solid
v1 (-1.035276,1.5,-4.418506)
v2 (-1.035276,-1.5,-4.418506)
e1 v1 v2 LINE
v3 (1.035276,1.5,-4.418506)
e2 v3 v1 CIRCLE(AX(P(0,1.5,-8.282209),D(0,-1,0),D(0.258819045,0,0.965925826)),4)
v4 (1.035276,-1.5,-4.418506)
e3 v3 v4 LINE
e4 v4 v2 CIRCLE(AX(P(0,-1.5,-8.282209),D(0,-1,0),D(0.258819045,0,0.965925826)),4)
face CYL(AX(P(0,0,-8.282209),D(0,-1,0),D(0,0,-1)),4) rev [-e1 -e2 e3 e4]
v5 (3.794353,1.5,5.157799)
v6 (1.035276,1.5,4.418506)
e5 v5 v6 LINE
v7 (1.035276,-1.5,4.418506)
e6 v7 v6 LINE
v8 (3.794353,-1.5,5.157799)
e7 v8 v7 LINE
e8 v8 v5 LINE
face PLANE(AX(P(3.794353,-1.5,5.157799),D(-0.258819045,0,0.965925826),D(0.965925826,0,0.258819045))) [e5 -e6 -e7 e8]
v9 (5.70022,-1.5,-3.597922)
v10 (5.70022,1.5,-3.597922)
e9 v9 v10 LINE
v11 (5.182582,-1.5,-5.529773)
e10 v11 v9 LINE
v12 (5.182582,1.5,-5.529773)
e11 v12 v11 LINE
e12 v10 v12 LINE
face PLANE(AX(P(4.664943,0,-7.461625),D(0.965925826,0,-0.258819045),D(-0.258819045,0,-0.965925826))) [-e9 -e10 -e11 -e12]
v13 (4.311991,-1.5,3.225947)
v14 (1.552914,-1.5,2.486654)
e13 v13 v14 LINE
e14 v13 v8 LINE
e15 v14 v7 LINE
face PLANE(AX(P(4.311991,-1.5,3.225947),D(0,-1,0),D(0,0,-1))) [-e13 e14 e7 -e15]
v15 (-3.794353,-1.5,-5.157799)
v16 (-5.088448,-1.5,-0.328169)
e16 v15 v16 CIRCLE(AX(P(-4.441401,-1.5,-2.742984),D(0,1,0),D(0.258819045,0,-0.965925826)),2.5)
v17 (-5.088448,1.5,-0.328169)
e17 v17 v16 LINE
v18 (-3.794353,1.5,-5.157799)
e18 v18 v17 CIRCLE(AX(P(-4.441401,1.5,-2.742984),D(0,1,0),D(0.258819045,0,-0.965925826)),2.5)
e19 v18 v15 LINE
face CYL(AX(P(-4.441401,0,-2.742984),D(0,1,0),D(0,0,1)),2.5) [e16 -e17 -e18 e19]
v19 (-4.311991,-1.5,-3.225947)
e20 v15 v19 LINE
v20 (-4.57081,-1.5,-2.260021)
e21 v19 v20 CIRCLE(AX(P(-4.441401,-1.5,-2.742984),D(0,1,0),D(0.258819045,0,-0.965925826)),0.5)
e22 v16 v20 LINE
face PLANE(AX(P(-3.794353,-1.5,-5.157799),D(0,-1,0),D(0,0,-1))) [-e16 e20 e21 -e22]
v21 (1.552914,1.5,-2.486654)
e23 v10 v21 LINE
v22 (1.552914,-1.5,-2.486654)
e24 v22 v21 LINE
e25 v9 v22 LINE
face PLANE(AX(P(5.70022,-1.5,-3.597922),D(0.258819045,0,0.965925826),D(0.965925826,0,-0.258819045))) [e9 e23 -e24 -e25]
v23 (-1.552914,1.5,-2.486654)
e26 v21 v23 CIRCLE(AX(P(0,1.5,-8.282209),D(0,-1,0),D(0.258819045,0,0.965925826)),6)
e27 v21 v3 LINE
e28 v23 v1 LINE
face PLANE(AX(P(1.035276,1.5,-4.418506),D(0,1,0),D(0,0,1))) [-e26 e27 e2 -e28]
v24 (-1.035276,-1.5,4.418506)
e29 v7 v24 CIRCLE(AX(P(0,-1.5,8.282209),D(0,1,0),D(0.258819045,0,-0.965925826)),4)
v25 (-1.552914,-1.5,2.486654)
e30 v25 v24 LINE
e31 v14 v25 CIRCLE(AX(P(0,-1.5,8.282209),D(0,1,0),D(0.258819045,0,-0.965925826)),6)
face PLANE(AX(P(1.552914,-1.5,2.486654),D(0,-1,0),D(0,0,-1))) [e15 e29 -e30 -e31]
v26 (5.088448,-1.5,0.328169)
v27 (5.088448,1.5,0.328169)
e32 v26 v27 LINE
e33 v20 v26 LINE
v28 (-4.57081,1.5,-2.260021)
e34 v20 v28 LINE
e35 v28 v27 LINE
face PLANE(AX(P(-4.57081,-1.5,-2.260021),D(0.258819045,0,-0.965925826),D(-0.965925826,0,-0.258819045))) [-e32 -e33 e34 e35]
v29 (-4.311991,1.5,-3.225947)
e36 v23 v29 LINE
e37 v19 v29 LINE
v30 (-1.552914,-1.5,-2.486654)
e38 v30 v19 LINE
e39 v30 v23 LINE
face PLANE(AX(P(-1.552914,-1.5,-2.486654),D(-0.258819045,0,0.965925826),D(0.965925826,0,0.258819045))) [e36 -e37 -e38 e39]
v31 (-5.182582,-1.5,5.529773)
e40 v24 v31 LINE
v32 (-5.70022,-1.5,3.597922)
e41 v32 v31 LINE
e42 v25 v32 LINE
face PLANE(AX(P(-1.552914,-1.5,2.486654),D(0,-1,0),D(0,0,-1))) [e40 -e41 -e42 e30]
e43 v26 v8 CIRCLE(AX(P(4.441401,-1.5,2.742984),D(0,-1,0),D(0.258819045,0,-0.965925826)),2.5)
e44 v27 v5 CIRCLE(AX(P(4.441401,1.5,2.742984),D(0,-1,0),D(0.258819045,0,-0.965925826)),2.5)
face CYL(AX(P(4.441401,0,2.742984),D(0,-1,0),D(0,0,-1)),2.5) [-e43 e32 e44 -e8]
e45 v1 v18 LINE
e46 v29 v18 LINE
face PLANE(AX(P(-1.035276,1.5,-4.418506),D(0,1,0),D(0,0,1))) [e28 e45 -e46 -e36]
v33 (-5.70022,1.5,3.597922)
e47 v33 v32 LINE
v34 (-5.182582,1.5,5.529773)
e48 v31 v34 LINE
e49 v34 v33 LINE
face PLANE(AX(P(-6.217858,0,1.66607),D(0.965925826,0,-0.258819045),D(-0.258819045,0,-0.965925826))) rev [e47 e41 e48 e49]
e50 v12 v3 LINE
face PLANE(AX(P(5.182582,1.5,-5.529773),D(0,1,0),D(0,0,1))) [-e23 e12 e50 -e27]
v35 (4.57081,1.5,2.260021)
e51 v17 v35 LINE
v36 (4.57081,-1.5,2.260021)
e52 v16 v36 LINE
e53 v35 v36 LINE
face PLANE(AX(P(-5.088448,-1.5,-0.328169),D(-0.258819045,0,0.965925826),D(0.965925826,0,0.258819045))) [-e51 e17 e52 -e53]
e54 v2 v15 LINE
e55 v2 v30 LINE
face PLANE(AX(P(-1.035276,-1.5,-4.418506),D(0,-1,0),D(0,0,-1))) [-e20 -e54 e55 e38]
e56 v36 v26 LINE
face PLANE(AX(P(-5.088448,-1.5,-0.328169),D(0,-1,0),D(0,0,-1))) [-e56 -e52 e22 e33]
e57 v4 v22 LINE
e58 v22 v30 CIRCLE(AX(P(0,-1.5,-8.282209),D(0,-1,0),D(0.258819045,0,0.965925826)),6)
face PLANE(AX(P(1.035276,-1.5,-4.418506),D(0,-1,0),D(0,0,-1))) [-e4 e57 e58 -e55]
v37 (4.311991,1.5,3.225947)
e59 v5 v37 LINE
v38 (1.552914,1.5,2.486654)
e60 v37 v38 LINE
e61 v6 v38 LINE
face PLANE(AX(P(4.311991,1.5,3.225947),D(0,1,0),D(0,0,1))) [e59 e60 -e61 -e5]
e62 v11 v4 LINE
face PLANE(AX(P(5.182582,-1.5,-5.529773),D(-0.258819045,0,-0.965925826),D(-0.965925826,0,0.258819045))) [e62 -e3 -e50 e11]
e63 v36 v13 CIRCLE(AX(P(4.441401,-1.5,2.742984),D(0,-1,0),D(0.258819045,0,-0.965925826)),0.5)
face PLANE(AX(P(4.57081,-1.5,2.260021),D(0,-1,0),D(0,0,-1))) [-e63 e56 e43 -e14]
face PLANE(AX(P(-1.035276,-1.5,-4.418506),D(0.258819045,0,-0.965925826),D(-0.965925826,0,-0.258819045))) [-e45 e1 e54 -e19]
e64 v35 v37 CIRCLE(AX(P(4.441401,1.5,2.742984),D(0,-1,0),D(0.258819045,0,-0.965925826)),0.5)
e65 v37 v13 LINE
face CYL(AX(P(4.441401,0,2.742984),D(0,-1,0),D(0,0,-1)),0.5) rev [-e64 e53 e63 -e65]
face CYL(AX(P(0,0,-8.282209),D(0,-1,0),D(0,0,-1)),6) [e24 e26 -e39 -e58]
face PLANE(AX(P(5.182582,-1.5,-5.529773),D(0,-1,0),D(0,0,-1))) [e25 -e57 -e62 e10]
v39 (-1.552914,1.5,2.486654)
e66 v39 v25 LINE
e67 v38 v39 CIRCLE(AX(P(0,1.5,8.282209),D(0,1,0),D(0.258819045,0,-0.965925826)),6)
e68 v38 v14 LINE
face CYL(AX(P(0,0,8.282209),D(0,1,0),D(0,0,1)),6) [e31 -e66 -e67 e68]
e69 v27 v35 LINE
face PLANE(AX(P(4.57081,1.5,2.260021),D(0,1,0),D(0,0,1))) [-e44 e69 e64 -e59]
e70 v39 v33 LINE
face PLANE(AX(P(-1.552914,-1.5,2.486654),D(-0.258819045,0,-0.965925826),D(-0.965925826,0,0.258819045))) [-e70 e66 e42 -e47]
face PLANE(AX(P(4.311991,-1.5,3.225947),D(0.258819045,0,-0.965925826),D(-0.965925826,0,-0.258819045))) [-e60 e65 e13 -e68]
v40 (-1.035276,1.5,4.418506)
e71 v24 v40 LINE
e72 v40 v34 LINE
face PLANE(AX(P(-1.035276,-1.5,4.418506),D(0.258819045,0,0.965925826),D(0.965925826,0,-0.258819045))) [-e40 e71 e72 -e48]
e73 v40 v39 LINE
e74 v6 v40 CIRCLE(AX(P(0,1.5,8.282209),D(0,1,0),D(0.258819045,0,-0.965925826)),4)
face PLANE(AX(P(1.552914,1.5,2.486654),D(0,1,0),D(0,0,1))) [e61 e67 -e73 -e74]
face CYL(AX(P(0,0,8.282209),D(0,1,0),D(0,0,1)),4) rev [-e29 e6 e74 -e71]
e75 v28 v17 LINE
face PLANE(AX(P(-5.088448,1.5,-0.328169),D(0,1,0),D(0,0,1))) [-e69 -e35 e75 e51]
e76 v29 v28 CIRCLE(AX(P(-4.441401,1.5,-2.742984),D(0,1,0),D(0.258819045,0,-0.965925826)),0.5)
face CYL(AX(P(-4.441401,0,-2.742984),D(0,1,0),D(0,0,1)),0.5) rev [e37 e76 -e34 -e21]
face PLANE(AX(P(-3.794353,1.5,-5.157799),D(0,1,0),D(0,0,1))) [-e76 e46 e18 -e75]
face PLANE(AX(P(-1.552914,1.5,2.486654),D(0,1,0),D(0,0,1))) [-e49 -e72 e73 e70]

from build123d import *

# Parameters (mm, degrees)
SKETCH2_W = 2
SKETCH2_H = 3


with BuildPart() as part:
    # Sweep1: sweep along a path in Sketch1
    with BuildLine(Plane(origin=(0, 0, 0), x_dir=(1, 0, 0), z_dir=(0, 1, 0))) as sweep1_path:
        Line((5.441400564, 4.563847428), (1.294095226, 3.452580312))
        ThreePointArc((1.294095226, 3.452580312), (0, 3.282209443), (-1.294095226, 3.452580312))
        Line((-1.294095226, 3.452580312), (-4.053171996, 4.191872704))
        ThreePointArc((-4.053171996, 4.191872704), (-5.890289303, 3.131212533), (-4.829629131, 1.294095226))
        Line((-4.829629131, 1.294095226), (4.829629131, -1.294095226))
        ThreePointArc((4.829629131, -1.294095226), (5.890289303, -3.131212533), (4.053171996, -4.191872704))
        Line((4.053171996, -4.191872704), (1.294095226, -3.452580312))
        ThreePointArc((1.294095226, -3.452580312), (0, -3.282209443), (-1.294095226, -3.452580312))
        Line((-1.294095226, -3.452580312), (-5.441400564, -4.563847428))
    # Sketch2 → Sweep1 (sweep)
    with BuildSketch(Plane(origin=(-5.441400564, 0, 4.563847428), x_dir=(0.2588190451025149, 0, 0.96592582628907), z_dir=(-0.96592582628907, 0, 0.2588190451025149))):
        Rectangle(SKETCH2_W, SKETCH2_H)
    sweep(path=sweep1_path.line)


solid = part.part
